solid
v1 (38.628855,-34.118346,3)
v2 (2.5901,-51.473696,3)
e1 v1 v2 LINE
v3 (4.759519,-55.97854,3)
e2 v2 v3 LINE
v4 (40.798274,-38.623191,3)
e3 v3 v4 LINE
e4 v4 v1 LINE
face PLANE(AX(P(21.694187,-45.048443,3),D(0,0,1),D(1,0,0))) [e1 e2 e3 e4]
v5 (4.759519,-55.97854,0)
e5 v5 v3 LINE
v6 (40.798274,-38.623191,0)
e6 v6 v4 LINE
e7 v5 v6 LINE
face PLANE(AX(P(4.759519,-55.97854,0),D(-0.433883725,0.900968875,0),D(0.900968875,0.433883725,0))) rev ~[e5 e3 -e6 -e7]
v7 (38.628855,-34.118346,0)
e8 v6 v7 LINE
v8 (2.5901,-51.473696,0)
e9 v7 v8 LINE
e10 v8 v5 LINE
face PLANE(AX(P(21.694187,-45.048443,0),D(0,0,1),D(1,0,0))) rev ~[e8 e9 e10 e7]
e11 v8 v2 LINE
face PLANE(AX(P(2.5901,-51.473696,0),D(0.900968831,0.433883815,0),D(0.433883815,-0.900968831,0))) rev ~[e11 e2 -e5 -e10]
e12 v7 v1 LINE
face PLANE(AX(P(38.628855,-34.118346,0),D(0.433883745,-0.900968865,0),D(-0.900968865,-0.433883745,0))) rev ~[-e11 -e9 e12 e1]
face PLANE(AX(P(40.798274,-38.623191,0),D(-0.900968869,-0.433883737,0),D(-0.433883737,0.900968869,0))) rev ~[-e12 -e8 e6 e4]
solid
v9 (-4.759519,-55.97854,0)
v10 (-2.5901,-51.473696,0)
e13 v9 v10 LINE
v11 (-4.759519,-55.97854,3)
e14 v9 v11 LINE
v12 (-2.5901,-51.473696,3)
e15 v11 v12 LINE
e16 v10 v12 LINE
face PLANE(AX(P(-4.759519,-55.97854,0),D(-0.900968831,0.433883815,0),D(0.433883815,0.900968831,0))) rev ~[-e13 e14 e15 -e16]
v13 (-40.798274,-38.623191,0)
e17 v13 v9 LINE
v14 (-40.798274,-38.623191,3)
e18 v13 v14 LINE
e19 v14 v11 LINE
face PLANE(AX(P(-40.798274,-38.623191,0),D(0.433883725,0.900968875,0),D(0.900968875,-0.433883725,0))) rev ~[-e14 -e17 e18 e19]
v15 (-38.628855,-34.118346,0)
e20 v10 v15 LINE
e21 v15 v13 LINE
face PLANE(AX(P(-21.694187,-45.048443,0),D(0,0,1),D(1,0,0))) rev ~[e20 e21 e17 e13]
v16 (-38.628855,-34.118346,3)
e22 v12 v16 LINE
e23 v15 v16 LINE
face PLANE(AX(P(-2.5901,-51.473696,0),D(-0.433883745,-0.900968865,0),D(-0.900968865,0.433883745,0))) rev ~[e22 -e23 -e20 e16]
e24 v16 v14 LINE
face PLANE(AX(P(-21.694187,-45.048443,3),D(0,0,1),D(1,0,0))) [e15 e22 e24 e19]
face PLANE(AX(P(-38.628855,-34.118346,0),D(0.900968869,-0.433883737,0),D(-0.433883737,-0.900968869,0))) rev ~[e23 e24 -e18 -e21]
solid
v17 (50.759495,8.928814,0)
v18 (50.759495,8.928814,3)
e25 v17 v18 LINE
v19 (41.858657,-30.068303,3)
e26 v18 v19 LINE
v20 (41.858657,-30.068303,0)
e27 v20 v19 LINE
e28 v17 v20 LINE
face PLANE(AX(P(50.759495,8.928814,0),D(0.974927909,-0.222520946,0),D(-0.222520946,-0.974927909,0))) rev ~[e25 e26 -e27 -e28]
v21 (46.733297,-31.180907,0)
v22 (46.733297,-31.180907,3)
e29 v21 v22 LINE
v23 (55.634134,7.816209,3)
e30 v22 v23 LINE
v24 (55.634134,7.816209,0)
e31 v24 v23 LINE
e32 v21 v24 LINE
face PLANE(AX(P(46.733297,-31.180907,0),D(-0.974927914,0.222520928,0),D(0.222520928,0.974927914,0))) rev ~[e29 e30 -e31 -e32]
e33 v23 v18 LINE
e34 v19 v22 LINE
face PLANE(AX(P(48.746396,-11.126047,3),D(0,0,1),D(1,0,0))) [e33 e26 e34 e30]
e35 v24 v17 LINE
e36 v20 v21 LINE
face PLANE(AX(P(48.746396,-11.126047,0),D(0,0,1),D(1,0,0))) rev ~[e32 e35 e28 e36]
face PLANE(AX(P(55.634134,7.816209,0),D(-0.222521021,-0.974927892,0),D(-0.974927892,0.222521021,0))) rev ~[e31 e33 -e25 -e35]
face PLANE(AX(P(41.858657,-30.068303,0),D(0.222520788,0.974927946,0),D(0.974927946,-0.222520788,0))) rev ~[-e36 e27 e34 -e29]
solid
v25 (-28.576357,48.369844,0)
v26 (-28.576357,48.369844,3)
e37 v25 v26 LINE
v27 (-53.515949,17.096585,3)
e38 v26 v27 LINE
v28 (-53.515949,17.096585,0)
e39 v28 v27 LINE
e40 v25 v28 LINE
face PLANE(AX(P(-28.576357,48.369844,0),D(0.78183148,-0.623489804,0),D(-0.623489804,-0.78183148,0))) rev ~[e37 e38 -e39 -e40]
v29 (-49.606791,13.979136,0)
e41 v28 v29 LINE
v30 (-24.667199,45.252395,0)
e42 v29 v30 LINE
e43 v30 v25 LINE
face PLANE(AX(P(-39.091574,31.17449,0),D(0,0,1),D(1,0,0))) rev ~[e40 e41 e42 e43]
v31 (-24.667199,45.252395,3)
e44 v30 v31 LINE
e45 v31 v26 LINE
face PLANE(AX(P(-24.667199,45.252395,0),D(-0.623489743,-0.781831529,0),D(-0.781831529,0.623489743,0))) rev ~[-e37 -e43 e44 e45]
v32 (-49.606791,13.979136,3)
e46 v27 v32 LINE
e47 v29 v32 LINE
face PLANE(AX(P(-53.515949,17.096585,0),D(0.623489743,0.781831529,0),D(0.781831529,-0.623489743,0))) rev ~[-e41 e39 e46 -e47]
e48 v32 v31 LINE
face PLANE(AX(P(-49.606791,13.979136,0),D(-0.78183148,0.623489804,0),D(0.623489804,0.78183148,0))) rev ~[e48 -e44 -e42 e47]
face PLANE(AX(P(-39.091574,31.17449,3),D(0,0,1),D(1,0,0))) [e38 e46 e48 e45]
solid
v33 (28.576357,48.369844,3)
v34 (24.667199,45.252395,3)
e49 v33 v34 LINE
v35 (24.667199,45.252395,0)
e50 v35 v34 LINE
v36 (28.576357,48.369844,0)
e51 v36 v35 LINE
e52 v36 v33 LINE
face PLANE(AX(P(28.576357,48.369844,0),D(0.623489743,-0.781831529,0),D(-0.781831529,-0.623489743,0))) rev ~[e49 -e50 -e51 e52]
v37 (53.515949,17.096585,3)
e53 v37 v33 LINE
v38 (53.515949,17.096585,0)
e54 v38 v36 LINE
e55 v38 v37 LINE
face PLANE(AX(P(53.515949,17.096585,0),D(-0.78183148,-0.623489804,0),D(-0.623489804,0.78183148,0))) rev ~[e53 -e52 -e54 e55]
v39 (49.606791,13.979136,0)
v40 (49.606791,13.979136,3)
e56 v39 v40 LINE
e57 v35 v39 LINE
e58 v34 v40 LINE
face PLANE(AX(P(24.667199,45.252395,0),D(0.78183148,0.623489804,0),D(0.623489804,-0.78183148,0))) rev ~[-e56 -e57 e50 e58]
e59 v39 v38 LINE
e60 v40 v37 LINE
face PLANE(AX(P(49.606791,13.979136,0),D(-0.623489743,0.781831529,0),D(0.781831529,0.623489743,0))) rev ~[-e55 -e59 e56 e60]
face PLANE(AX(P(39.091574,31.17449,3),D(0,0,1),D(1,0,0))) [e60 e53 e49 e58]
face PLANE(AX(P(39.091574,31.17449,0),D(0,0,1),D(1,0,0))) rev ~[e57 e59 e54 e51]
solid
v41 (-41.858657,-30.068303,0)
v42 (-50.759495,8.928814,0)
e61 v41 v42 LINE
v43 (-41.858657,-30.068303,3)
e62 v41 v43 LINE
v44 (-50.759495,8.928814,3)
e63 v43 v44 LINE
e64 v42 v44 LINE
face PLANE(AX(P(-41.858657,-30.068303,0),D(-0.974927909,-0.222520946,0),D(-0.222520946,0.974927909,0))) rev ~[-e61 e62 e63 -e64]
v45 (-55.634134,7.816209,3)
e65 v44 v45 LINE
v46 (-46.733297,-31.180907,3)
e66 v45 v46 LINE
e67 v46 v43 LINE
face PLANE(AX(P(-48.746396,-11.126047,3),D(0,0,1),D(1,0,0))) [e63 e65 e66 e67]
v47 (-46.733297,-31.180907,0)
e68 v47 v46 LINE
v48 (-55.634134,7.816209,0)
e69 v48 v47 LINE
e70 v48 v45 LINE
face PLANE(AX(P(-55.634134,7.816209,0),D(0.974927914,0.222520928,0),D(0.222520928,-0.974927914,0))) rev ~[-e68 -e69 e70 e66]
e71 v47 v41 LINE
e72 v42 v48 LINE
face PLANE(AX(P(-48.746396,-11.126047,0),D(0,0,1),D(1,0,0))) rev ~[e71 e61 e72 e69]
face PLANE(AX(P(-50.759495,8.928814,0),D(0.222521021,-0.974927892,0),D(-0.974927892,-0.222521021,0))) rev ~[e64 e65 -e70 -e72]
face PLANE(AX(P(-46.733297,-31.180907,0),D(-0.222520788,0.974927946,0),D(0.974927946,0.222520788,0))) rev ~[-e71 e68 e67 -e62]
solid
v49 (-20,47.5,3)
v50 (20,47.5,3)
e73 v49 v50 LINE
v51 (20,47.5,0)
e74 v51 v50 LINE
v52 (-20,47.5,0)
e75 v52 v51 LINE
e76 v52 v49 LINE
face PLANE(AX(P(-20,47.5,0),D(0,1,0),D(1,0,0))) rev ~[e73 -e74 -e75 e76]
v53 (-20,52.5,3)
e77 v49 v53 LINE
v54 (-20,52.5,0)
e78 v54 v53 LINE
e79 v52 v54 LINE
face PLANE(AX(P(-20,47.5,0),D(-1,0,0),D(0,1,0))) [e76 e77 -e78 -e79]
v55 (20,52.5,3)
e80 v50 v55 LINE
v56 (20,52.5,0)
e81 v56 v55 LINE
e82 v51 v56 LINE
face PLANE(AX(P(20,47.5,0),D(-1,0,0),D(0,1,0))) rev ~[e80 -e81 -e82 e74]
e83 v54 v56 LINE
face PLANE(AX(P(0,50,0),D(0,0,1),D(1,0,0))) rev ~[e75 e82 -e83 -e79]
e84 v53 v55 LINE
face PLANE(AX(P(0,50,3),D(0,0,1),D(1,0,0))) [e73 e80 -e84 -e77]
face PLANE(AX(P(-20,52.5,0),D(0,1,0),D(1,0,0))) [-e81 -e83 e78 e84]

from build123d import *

# Parameters (mm, degrees)
F0_W     = 40
F0_H     = 5
F1_DEPTH = 3


with BuildPart() as f1:
    # F0 (on Top) → F1 (new body)
    with BuildSketch(Plane.XY):
        with Locations((0, 50)):
            Rectangle(F0_W, F0_H)
        Polygon((-49.606791, 13.979136), (-24.667199, 45.252395), (-28.576357, 48.369844), (-53.515949, 17.096585), align=None)
        Polygon((-41.858657, -30.068303), (-50.759495, 8.928814), (-55.634134, 7.816209), (-46.733297, -31.180907), align=None)
        Polygon((-2.5901, -51.473696), (-38.628855, -34.118346), (-40.798274, -38.623191), (-4.759519, -55.97854), align=None)
        Polygon((38.628855, -34.118346), (2.5901, -51.473696), (4.759519, -55.97854), (40.798274, -38.623191), align=None)
        Polygon((50.759495, 8.928814), (41.858657, -30.068303), (46.733297, -31.180907), (55.634134, 7.816209), align=None)
        Polygon((24.667199, 45.252395), (49.606791, 13.979136), (53.515949, 17.096585), (28.576357, 48.369844), align=None)
    extrude(amount=F1_DEPTH)


solid = f1.part
